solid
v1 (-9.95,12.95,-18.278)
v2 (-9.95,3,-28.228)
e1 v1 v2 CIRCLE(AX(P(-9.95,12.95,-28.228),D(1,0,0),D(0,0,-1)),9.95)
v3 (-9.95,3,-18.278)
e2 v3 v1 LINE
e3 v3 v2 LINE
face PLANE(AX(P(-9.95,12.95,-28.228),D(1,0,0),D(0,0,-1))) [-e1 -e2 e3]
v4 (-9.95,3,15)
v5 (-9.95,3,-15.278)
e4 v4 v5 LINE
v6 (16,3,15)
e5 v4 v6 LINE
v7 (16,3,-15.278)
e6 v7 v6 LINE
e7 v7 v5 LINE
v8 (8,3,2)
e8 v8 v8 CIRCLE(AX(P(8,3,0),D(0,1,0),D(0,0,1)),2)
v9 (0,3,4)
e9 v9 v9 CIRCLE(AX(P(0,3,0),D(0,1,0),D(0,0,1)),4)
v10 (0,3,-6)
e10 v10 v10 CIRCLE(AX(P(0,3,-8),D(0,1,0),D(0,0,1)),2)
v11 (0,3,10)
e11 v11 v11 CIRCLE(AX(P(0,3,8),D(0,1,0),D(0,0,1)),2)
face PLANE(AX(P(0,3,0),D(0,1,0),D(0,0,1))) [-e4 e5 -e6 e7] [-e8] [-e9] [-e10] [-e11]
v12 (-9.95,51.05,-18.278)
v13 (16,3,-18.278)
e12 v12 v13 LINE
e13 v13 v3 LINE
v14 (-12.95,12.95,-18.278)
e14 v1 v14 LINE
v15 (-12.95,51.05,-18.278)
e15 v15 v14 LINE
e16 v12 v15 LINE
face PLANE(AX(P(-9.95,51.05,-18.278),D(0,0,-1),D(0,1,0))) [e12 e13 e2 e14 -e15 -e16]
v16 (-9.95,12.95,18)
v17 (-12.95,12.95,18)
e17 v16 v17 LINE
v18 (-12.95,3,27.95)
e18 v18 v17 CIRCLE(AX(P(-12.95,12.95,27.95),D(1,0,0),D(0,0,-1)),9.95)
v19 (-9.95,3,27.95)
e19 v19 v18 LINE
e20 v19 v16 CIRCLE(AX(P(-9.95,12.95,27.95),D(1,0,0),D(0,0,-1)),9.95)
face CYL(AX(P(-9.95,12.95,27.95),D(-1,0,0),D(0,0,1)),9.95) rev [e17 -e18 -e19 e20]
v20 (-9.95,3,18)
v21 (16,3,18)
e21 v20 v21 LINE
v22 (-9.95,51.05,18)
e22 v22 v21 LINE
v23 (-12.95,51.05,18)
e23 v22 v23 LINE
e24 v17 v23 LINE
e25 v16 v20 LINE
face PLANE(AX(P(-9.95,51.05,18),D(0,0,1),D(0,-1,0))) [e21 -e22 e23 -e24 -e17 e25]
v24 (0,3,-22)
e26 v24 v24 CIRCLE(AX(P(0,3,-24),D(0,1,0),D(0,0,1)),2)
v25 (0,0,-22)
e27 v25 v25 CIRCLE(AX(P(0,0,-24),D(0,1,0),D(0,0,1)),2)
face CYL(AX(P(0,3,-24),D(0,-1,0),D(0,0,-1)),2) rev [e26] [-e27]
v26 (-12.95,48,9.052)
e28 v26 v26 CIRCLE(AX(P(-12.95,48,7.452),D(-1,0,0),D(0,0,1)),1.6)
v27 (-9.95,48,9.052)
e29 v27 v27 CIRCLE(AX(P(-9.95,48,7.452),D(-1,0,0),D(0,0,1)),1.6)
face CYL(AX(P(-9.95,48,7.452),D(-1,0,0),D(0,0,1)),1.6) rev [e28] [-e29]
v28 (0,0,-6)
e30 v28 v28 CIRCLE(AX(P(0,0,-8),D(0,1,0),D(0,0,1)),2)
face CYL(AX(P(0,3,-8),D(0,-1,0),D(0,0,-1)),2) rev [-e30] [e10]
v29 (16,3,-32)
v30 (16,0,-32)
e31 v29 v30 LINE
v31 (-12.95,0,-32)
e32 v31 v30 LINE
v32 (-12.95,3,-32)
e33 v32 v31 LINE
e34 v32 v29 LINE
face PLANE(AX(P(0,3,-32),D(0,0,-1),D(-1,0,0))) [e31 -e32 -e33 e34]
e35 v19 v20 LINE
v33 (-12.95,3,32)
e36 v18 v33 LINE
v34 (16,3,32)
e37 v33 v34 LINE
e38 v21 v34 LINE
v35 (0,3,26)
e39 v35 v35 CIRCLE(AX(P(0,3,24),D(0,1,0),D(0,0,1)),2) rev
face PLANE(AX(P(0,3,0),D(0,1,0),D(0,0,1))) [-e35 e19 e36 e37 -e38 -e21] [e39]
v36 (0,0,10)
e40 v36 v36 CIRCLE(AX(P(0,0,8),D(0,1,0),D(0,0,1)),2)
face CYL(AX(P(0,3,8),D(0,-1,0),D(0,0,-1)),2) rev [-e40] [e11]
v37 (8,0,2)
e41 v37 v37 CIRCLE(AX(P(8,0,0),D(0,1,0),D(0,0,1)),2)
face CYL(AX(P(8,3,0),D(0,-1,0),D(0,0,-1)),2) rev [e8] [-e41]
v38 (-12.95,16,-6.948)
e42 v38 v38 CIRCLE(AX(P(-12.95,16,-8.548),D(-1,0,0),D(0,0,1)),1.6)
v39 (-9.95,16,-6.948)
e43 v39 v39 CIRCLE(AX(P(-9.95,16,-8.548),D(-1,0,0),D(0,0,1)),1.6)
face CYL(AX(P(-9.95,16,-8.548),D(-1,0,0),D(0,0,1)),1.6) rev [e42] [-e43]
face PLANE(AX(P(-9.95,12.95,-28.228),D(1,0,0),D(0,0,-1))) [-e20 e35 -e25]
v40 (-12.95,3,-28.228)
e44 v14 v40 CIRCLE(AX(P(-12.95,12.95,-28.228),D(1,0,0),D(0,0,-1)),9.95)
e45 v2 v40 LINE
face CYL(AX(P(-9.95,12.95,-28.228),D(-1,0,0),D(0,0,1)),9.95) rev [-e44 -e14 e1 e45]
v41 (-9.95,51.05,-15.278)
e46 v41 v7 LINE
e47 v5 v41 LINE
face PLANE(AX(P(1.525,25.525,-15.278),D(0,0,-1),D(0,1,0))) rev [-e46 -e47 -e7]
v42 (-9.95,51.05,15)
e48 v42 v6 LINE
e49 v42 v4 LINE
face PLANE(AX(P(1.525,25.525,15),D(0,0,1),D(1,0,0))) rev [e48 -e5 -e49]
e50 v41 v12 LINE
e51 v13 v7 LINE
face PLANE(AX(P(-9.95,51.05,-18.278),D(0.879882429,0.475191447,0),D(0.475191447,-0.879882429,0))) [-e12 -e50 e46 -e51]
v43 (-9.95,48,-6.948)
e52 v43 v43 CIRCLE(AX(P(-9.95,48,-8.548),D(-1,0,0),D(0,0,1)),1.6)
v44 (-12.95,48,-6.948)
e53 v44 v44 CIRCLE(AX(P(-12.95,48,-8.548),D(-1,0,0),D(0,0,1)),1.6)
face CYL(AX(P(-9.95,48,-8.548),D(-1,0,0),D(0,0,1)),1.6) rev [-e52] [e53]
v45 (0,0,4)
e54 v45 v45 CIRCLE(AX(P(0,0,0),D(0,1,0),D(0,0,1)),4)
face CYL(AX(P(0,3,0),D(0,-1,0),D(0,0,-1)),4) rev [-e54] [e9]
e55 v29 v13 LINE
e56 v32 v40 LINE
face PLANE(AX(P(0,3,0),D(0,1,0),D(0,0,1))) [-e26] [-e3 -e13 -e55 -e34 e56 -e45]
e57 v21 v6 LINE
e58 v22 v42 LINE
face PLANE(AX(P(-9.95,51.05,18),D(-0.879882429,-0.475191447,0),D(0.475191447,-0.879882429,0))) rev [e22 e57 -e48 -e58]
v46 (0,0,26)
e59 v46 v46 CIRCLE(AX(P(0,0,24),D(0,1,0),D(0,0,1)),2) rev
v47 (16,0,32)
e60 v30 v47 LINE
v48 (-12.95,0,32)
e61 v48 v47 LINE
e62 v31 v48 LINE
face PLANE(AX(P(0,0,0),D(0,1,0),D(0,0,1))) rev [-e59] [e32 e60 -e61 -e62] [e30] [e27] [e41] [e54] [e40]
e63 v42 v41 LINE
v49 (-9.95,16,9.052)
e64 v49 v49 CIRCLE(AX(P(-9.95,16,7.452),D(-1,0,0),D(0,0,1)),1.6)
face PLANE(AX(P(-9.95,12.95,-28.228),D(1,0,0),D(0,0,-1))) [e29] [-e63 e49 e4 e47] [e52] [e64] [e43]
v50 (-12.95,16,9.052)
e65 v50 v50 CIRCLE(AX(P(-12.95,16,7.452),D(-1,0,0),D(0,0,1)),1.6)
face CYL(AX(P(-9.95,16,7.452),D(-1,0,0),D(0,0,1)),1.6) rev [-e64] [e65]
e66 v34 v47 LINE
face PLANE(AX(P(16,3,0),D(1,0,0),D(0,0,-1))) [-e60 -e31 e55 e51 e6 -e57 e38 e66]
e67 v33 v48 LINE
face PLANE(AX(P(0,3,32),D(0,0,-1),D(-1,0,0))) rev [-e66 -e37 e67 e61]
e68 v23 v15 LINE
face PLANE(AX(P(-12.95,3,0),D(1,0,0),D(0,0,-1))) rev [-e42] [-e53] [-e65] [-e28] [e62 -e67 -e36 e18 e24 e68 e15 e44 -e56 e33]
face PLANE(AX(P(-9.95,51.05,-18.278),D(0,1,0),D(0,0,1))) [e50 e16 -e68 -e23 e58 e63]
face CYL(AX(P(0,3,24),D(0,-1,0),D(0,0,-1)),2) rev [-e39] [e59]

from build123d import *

# Parameters (mm, degrees)
SKETCH1_W           = 28.95
SKETCH1_H           = 64
SKETCH1_R           = 2
SKETCH1_R_2         = 4
BOSS_EXTRUDE1_DEPTH = 3
SKETCH2_R           = 1.6
BOSS_EXTRUDE2_DEPTH = 3
RIB1_REACH          = 75.226
SKETCH3_WALL_W      = 203.062325646
SKETCH3_WALL_H      = 3
RIB2_REACH          = 75.416
SKETCH4_WALL_W      = 203.442532142
SKETCH4_WALL_H      = 3


with BuildPart() as part:
    # Sketch1 → Boss-Extrude1 (new body)
    with BuildSketch(Plane(origin=(0, 0, 0), x_dir=(1, 0, 0), z_dir=(0, 1, 0))):
        with Locations((1.525, 0)):
            Rectangle(SKETCH1_W, SKETCH1_H)
        with Locations(Location((0, -24, 0), (0, 0, 270))):
            Circle(SKETCH1_R, mode=Mode.SUBTRACT)
        with Locations(Location((0, 24, 0), (0, 0, 270))):
            Circle(SKETCH1_R, mode=Mode.SUBTRACT)
        with Locations((0, 16)):
            Circle(SKETCH1_R_2, mode=Mode.SUBTRACT)
        with Locations(Location((0, -8, 0), (0, 0, 270))):
            Circle(SKETCH1_R, mode=Mode.SUBTRACT)
        with Locations(Location((8, 0, 0), (0, 0, 270))):
            Circle(SKETCH1_R, mode=Mode.SUBTRACT)
        with Locations(Location((0, 8, 0), (0, 0, 270))):
            Circle(SKETCH1_R, mode=Mode.SUBTRACT)
        with Locations(Location((0, 0, 0), (0, 0, 270))):
            Circle(SKETCH1_R_2, mode=Mode.SUBTRACT)
        with Locations((0, -16)):
            Circle(SKETCH1_R_2, mode=Mode.SUBTRACT)
        with Locations((0, -16)):
            Circle(SKETCH1_R_2)
        with Locations((0, 16)):
            Circle(SKETCH1_R_2)
    extrude(amount=BOSS_EXTRUDE1_DEPTH)

    # Sketch2 → Boss-Extrude2 (add)
    with BuildSketch(Plane.ZY.offset(12.95)):
        with BuildLine():
            Line((18, 51.05), (18, 12.95))
            ThreePointArc((18, 12.95), (20.914287527, 5.914287527), (27.95, 3))
            Line((27.95, 3), (32, 3))
            Line((32, 3), (32, 0))
            Line((32, 0), (-32, 0))
            Line((-32, 0), (-32, 3))
            Line((-32, 3), (-28.228, 3))
            ThreePointArc((-28.228, 3), (-21.192287527, 5.914287527), (-18.278, 12.95))
            Line((-18.278, 12.95), (-18.278, 51.05))
            Line((-18.278, 51.05), (18, 51.05))
        make_face()
        with Locations((-8.548, 48)):
            Circle(SKETCH2_R, mode=Mode.SUBTRACT)
        with Locations((-8.548, 16)):
            Circle(SKETCH2_R, mode=Mode.SUBTRACT)
        with Locations((7.452, 16)):
            Circle(SKETCH2_R, mode=Mode.SUBTRACT)
        with Locations((7.452, 48)):
            Circle(SKETCH2_R, mode=Mode.SUBTRACT)
    extrude(amount=-BOSS_EXTRUDE2_DEPTH)

    # Sketch3 wall → Rib1 (add, up to next)
    with BuildSketch(Plane(origin=(3.025, 27.025, 18), x_dir=(0.475191447028, -0.879882428891, 0), z_dir=(0.879882428891, 0.475191447028, 0)), mode=Mode.PRIVATE) as rib1_sk1:
        with Locations((0, 1.5)):
            Rectangle(SKETCH3_WALL_W, SKETCH3_WALL_H)
    rib1_tool1 = extrude(rib1_sk1.sketch, amount=-RIB1_REACH, mode=Mode.PRIVATE) - part.part
    add(rib1_tool1.solids().sort_by_distance((3.025, 27.025, 18))[0])

    # Sketch4 wall → Rib2 (add, up to next)
    with BuildSketch(Plane(origin=(3.025, 27.025, -18.278), x_dir=(0.475191447028, -0.879882428891, 0), z_dir=(-0.879882428891, -0.475191447028, 0)), mode=Mode.PRIVATE) as rib2_sk1:
        with Locations((0, 1.5)):
            Rectangle(SKETCH4_WALL_W, SKETCH4_WALL_H)
    rib2_tool1 = extrude(rib2_sk1.sketch, amount=RIB2_REACH, mode=Mode.PRIVATE) - part.part
    add(rib2_tool1.solids().sort_by_distance((3.025, 27.025, -18.278))[0])


solid = part.part
